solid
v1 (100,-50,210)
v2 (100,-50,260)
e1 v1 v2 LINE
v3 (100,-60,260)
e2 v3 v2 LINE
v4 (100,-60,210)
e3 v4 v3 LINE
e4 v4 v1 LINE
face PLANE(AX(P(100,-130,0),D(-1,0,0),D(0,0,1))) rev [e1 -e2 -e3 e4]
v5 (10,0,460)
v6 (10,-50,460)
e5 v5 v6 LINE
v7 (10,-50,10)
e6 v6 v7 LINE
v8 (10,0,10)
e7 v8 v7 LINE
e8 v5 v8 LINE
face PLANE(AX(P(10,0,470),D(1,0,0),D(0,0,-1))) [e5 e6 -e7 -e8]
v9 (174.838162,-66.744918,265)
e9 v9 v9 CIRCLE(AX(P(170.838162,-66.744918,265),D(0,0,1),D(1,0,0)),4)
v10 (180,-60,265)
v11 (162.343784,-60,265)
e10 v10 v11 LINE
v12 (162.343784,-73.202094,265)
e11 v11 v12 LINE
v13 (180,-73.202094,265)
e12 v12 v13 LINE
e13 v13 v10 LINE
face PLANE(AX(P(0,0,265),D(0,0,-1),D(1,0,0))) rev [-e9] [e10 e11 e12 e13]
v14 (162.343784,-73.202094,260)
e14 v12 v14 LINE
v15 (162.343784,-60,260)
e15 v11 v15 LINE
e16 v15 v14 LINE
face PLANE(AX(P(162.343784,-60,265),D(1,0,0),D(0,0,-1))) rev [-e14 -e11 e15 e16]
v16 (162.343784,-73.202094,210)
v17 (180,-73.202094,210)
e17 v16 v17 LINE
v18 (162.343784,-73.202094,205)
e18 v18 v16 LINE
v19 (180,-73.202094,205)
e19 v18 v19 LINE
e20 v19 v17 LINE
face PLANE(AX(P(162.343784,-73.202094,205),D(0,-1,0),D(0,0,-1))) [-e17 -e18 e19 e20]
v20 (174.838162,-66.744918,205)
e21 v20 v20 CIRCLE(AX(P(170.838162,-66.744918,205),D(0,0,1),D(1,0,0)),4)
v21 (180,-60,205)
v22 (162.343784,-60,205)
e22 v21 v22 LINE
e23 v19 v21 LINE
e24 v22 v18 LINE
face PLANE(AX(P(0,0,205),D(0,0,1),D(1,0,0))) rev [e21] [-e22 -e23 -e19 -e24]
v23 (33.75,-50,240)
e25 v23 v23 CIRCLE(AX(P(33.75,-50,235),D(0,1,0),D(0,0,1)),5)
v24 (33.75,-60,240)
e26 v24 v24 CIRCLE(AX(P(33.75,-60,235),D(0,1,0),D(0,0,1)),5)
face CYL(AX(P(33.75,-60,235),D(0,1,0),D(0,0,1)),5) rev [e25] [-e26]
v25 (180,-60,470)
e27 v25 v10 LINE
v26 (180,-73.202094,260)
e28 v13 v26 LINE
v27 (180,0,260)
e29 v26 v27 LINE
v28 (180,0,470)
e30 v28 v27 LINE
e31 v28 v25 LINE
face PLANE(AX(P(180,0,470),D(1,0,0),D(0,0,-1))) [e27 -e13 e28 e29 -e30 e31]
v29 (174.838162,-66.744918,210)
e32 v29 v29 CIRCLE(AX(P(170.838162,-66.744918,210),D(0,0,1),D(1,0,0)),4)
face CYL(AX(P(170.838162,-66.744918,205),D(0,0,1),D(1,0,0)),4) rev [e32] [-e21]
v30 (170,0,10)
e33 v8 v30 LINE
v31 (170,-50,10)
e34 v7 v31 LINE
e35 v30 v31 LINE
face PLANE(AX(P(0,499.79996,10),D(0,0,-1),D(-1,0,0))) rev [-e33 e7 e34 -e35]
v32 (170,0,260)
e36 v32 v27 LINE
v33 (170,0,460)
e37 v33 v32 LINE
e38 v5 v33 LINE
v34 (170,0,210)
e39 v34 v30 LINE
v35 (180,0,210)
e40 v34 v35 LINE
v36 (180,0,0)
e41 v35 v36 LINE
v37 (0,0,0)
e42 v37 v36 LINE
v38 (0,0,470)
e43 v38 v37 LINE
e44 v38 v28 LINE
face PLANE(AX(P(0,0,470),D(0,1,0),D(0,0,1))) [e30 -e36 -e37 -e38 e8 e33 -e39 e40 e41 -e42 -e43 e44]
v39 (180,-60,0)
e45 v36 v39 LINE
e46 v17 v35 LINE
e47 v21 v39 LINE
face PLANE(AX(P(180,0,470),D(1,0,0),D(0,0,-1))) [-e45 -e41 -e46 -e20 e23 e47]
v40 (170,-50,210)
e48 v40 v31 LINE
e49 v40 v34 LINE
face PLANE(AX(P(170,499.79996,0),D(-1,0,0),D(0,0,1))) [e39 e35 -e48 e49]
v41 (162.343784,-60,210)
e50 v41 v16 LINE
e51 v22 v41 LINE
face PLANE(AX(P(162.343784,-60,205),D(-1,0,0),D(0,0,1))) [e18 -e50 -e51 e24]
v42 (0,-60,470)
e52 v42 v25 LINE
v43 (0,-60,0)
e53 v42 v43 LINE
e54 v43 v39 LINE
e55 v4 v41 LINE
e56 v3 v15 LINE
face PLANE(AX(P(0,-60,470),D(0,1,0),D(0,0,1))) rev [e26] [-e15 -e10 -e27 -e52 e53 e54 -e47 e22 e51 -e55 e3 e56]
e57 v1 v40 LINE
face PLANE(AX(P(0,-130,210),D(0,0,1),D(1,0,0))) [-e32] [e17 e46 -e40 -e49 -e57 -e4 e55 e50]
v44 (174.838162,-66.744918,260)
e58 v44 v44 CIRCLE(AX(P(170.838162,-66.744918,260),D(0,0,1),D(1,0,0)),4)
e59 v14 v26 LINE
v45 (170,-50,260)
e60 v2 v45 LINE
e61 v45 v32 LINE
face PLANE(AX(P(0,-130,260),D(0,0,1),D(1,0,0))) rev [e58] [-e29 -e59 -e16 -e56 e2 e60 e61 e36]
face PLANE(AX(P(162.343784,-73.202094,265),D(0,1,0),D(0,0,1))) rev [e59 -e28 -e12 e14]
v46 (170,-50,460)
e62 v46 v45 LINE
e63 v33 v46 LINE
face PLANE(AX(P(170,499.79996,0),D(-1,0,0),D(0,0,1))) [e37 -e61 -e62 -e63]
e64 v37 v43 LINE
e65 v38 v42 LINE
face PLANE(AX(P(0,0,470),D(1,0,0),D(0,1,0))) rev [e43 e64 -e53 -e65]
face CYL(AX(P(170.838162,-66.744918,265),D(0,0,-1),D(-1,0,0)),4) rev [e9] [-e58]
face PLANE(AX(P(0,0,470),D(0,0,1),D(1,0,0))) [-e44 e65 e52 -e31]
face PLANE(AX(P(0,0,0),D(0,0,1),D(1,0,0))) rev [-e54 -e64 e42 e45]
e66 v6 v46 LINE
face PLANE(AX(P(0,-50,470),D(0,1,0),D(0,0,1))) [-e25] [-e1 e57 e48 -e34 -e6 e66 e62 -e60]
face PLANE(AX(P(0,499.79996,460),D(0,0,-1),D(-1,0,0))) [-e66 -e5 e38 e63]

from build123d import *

# Parameters (mm, degrees)
BOSS_EXTRUDE1_DEPTH = 470
SKETCH2_R           = 5
CUT_EXTRUDE1_DEPTH  = 506.766744656
BOSS_EXTRUDE2_DEPTH = 50
SKETCH4_W           = 70
SKETCH4_H           = 25
SKETCH4_W_2         = 10
CUT_EXTRUDE2_DEPTH  = 80
SKETCH6_W           = 17.656216206
SKETCH6_H           = 13.202094069
SKETCH6_R           = 4
BOSS_EXTRUDE3_DEPTH = 5


with BuildPart() as part:
    # Sketch1 → Boss-Extrude1 (new body)
    with BuildSketch(Plane.XY):
        Polygon((180, -50), (180, -60), (0, -60), (0, 0), (10, 0), (10, -50), align=None)
    extrude(amount=BOSS_EXTRUDE1_DEPTH)

    # Sketch2 → Cut-Extrude1 (cut, through all)
    with BuildSketch(Plane(origin=(0, -50, 0), x_dir=(1, 0, 0), z_dir=(0, 1, 0))):
        with Locations(Location((33.75, -235, 0), (0, 0, 270))):
            Circle(SKETCH2_R)
    extrude(amount=-CUT_EXTRUDE1_DEPTH, mode=Mode.SUBTRACT)

    # Sketch3 → Boss-Extrude2 (add)
    with BuildSketch(Plane(origin=(0, -50, 0), x_dir=(1, 0, 0), z_dir=(0, 1, 0))):
        Polygon((10, -460), (10, -470), (180, -470), (180, 0), (10, 0), (10, -10), (170, -10), (170, -460), align=None)
    extrude(amount=BOSS_EXTRUDE2_DEPTH)

    # Sketch4 → Cut-Extrude2 (cut, symmetric)
    with BuildSketch(Plane(origin=(0, -50, 0), x_dir=(1, 0, 0), z_dir=(0, 1, 0))):
        with Locations((135, -222.5)):
            Rectangle(SKETCH4_W, SKETCH4_H)
        with Locations((135, -247.5)):
            Rectangle(SKETCH4_W, SKETCH4_H)
        with Locations((175, -222.5)):
            Rectangle(SKETCH4_W_2, SKETCH4_H)
        with Locations((175, -247.5)):
            Rectangle(SKETCH4_W_2, SKETCH4_H)
    extrude(amount=CUT_EXTRUDE2_DEPTH, both=True, mode=Mode.SUBTRACT)

    # Sketch6 → Boss-Extrude3 (add)
    with BuildSketch(Plane.XY.offset(210)):
        with Locations((171.171891897, -66.601047034)):
            Rectangle(SKETCH6_W, SKETCH6_H)
        with Locations((170.838161539, -66.744917763)):
            Circle(SKETCH6_R, mode=Mode.SUBTRACT)
    boss_extrude3 = extrude(amount=-BOSS_EXTRUDE3_DEPTH)

    # Mirror1: Boss-Extrude3 across plane
    add(boss_extrude3.mirror(Plane.XY.offset(235)))


solid = part.part
